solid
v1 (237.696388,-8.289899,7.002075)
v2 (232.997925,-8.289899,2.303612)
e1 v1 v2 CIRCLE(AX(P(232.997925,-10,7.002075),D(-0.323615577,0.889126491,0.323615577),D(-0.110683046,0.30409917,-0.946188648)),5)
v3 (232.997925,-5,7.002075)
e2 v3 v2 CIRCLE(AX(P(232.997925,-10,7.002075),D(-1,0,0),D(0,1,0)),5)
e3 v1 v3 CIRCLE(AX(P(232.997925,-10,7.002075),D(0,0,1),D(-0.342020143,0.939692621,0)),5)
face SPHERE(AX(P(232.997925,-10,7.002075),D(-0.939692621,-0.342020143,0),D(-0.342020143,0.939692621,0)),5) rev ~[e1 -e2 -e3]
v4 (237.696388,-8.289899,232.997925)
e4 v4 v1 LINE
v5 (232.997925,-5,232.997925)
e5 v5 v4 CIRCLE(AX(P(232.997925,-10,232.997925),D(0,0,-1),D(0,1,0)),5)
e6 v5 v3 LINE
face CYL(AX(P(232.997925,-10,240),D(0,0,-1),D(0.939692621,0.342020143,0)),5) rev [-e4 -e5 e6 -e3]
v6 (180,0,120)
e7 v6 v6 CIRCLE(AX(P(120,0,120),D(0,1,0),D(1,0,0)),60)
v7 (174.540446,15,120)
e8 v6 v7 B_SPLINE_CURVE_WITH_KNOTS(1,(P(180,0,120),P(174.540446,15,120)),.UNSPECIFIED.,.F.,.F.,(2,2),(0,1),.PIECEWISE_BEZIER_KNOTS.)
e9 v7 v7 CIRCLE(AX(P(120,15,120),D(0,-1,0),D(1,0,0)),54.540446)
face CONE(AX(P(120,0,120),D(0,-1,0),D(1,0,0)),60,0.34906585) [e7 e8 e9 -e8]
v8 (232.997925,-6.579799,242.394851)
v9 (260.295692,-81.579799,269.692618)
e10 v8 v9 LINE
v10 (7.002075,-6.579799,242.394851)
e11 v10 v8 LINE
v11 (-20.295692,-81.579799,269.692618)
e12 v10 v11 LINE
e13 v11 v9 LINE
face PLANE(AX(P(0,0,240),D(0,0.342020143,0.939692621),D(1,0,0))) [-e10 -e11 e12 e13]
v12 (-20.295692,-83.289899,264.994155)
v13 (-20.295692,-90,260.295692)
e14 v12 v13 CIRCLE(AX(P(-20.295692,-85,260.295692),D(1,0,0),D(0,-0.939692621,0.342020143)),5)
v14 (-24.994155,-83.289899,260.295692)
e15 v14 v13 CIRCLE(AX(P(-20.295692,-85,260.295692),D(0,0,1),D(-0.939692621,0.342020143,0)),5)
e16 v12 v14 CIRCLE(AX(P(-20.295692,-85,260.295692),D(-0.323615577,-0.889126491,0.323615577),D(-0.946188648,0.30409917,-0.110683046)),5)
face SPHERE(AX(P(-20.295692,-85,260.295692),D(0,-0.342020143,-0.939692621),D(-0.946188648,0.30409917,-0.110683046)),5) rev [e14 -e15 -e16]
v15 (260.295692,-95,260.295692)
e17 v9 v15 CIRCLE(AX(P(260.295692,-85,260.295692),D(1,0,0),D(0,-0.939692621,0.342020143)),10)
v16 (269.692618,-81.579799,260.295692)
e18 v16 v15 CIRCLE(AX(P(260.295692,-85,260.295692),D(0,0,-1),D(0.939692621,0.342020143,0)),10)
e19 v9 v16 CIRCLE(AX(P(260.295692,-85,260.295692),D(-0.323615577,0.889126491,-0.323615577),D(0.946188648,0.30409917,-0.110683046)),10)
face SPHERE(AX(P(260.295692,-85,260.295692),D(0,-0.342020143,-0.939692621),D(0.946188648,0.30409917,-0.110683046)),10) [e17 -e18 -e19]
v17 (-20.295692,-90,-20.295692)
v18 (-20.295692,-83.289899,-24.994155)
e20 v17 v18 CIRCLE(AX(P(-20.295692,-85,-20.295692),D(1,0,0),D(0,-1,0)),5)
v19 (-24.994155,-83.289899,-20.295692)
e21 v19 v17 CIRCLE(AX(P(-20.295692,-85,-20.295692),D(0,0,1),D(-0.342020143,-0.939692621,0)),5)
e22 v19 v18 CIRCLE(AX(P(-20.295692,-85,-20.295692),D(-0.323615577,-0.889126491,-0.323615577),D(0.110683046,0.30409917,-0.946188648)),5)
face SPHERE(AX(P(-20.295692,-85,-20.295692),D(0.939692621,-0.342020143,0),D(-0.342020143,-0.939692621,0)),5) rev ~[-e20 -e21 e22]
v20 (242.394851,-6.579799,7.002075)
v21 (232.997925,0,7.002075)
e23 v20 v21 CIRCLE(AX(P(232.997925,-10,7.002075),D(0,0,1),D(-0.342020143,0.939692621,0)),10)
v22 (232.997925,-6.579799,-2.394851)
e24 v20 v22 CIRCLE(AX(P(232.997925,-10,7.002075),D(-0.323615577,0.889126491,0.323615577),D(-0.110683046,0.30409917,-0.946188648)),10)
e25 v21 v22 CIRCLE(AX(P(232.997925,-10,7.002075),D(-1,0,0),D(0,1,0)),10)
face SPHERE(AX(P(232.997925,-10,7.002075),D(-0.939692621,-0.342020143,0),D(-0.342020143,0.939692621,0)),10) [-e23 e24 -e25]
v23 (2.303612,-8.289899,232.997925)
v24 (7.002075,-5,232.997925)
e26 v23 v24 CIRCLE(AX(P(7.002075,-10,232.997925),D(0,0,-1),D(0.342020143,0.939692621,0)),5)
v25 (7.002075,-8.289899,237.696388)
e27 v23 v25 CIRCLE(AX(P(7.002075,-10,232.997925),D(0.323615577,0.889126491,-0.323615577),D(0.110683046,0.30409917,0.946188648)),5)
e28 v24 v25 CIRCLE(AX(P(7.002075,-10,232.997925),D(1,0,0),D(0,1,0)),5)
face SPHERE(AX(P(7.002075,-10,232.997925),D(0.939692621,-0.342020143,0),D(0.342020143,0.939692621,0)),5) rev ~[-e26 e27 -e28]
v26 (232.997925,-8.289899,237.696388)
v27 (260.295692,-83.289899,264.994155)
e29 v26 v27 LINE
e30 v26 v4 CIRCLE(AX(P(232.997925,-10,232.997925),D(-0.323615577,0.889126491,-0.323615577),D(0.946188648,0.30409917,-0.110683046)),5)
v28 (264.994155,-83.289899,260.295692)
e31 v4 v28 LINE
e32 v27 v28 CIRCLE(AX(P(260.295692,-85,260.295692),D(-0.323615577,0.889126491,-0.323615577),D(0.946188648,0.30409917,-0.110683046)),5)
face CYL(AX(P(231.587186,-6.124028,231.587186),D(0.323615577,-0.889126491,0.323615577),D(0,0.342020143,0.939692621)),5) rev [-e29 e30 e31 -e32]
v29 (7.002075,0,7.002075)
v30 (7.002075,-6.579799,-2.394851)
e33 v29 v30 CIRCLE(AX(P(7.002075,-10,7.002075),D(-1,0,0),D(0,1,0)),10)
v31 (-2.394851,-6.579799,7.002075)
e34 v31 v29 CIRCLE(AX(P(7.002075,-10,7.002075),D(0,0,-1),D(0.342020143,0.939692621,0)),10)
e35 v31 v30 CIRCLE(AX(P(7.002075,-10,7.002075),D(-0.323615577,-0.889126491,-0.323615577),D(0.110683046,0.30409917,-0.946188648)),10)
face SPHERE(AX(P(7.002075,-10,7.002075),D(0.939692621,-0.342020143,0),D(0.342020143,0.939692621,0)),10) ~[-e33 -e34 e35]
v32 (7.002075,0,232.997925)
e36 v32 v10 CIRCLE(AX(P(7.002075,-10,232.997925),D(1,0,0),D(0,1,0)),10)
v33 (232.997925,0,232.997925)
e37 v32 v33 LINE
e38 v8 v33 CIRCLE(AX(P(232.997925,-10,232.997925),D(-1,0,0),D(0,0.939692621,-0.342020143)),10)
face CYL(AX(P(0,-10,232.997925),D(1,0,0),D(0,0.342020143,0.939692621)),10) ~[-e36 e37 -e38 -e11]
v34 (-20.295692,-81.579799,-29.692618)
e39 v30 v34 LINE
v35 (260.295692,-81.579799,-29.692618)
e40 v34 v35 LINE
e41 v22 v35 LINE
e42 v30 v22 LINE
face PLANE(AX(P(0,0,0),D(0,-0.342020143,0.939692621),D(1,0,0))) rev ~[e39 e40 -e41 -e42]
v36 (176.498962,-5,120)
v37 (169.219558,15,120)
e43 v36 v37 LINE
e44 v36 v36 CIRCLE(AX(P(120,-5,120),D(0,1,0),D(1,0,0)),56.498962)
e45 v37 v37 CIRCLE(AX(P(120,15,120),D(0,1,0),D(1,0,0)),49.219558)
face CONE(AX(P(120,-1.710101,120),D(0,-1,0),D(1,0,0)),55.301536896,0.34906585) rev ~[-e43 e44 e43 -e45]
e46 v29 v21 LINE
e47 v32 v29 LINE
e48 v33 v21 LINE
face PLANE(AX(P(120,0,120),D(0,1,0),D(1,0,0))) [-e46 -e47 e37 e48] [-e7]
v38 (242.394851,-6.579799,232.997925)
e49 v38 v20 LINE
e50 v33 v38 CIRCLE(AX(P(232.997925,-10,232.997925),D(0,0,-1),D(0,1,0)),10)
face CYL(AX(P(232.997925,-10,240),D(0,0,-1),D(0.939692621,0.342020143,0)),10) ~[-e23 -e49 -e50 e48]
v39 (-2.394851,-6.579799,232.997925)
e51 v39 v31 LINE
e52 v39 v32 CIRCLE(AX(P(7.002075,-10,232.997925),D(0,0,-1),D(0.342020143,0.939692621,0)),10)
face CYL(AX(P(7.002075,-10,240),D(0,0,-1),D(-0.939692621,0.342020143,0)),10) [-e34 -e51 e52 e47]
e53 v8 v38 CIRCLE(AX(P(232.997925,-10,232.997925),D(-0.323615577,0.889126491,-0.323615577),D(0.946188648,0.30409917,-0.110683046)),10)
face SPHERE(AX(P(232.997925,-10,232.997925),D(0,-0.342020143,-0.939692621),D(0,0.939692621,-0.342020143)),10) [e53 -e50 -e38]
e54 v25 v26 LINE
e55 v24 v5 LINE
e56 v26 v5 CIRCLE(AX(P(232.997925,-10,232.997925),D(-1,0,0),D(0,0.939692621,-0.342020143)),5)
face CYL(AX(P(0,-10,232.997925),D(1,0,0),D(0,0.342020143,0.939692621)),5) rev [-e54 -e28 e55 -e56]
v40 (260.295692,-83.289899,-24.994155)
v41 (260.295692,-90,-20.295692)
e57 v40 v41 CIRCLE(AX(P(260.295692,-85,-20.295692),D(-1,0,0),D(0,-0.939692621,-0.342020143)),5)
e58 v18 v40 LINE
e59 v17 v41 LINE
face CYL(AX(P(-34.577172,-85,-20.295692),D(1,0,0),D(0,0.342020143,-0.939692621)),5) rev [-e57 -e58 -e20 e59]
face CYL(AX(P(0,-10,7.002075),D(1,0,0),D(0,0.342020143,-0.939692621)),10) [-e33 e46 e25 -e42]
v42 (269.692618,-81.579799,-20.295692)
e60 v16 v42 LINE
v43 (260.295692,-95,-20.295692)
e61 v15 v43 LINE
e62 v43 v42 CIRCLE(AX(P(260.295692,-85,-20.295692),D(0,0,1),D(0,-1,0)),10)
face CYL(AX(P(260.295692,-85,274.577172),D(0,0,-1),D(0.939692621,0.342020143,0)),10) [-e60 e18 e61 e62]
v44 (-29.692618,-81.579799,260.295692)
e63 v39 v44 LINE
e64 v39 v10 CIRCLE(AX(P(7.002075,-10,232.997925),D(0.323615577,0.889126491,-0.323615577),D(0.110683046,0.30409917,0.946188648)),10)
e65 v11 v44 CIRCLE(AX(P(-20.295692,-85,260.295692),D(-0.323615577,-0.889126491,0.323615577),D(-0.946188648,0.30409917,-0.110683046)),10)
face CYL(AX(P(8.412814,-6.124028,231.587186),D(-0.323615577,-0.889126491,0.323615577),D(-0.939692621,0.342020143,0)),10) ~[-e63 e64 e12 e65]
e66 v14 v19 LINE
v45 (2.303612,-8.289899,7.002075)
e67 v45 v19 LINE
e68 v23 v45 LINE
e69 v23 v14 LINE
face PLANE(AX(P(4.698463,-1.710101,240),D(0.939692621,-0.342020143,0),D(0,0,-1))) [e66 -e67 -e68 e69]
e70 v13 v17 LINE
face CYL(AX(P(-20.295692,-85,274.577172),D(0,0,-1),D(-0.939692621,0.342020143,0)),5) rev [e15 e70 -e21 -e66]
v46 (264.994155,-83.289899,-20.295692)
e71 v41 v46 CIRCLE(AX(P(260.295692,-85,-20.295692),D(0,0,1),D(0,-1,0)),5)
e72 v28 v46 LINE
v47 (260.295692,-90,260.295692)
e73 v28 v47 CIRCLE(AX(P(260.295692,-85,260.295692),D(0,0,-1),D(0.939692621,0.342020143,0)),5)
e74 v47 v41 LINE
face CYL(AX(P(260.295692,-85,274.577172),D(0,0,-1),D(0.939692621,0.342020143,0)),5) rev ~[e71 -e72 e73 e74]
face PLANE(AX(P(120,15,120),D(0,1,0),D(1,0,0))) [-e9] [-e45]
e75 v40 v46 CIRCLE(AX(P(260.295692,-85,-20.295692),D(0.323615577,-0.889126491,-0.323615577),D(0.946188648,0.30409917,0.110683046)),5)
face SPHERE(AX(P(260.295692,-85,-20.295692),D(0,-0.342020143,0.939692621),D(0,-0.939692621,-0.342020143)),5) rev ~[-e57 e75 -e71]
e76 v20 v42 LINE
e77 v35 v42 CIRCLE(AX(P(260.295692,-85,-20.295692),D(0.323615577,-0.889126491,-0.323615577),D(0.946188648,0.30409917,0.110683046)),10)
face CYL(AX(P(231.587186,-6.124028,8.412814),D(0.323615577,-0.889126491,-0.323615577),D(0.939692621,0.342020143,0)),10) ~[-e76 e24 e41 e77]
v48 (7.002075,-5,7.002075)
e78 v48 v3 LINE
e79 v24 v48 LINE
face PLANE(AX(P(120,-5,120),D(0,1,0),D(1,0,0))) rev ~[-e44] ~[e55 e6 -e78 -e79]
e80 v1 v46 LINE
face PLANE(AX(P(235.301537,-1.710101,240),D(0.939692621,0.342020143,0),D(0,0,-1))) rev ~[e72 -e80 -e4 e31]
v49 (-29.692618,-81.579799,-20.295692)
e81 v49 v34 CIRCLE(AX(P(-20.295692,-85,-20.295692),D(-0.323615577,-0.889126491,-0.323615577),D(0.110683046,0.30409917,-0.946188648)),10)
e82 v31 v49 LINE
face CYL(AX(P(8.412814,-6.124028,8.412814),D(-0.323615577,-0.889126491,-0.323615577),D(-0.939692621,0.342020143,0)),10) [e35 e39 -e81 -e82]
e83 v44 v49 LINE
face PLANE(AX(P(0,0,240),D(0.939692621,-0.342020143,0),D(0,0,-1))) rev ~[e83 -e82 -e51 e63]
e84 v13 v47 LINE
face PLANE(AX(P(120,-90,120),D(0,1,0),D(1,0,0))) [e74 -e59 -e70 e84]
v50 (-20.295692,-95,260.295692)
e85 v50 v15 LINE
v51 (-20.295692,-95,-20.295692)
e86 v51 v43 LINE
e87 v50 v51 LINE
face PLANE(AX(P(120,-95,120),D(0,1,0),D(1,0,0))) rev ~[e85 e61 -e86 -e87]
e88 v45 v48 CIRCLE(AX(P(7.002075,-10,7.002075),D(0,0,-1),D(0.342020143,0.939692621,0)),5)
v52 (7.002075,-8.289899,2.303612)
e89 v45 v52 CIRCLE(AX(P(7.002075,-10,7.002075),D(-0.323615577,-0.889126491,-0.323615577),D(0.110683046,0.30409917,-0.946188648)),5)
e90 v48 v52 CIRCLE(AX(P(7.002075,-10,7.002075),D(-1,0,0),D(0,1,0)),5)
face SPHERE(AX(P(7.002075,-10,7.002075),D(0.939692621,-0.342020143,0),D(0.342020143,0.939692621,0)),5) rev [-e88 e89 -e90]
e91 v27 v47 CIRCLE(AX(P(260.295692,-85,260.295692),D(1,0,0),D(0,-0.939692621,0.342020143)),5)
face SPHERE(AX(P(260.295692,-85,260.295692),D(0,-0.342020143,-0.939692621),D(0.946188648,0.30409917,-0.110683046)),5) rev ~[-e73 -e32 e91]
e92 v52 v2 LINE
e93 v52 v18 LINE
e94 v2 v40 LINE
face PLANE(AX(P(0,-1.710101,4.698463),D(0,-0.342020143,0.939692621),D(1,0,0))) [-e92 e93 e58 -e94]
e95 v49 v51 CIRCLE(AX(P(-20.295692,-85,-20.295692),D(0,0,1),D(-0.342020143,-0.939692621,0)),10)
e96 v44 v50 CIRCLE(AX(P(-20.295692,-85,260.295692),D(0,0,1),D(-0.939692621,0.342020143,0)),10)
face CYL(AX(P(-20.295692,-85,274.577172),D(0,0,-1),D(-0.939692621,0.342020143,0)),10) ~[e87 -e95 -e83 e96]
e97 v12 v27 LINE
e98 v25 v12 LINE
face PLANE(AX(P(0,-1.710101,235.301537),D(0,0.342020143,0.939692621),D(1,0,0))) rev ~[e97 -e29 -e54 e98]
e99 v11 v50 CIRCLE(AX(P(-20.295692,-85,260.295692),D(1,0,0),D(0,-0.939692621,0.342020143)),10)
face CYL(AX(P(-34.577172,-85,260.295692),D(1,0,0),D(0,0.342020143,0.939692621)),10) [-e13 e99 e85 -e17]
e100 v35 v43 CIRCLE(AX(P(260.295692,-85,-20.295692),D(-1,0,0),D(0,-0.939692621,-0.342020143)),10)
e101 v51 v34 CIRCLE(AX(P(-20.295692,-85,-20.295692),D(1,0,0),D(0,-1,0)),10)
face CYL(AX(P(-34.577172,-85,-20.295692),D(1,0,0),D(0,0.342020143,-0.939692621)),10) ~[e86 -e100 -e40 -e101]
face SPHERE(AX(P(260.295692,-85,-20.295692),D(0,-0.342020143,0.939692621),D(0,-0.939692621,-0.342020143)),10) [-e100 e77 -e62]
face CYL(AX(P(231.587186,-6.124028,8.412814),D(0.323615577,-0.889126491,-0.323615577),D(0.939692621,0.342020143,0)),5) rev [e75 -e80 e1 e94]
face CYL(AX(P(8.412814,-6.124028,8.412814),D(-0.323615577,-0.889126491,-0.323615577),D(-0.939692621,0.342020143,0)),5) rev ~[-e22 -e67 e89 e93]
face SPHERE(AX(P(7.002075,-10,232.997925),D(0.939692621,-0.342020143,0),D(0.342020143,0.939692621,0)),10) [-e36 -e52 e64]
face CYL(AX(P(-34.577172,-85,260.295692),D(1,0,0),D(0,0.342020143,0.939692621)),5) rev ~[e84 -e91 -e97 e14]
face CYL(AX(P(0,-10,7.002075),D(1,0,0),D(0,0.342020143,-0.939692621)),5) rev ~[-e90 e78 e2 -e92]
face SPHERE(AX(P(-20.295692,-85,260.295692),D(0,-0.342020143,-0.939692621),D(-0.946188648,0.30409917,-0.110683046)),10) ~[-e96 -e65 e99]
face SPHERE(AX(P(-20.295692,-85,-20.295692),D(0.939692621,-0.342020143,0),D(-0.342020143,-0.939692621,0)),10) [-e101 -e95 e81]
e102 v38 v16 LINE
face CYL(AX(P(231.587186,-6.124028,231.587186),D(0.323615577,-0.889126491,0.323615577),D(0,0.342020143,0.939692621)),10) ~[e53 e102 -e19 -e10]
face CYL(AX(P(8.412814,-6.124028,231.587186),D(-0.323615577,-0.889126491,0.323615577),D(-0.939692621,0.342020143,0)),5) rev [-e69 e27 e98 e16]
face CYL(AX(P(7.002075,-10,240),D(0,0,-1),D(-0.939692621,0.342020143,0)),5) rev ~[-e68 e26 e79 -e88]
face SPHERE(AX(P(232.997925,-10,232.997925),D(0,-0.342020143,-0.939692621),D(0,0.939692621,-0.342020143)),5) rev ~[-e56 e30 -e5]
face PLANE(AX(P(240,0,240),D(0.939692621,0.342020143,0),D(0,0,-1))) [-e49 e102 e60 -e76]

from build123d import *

# Parameters (mm, degrees)
SKETCH1_W           = 480
SKETCH1_H           = 480
BOSS_EXTRUDE1_DEPTH = 190
BOSS_EXTRUDE1_DRAFT = 20
FILLET1_R           = 20
SKETCH2_R           = 120
BOSS_EXTRUDE2_DEPTH = 30
BOSS_EXTRUDE2_TAPER = 20
SHELL1_T            = -10
SCALE1_SCALE        = 0.5


with BuildPart() as part:
    # Sketch1 → Boss-Extrude1 (with draft: the straight prism first)
    with BuildSketch(Plane(origin=(0, 0, 0), x_dir=(1, 0, 0), z_dir=(0, 1, 0))):
        with Locations((240, -240)):
            Rectangle(SKETCH1_W, SKETCH1_H)
    extrude(amount=-BOSS_EXTRUDE1_DEPTH)
    # Boss-Extrude1: the draft: its side faces are tilted about the plane it starts from
    boss_extrude1_sides = [part.faces().sort_by_distance(p)[0] for p in [
        (0, -95, 240),
        (240, -95, 480),
        (480, -95, 240),
        (240, -95, 0),
    ]]
    draft(boss_extrude1_sides, Plane(origin=(0, 0, 0), x_dir=(1, 0, 0), z_dir=(0, 1, 0)), BOSS_EXTRUDE1_DRAFT)

    # Fillet1
    fillet1_edges = [part.edges().sort_by_distance(p)[0] for p in [
        (549.154344511, -190, 240),
        (240, -190, -69.154344511),
        (-69.154344511, -190, 240),
        (240, 0, 0),
        (480, 0, 240),
        (240, 0, 480),
        (0, 0, 240),
        (-34.577172255, -95, -34.577172255),
        (514.577172255, -95, -34.577172255),
        (514.577172255, -95, 514.577172255),
        (-34.577172255, -95, 514.577172255),
        (240, -190, 549.154344511),
    ]]
    fillet(fillet1_edges, radius=FILLET1_R)

    # Sketch2 → Boss-Extrude2 (add)
    with BuildSketch(Plane(origin=(0, 0, 0), x_dir=(1, 0, 0), z_dir=(0, 1, 0))):
        with Locations((240, -240)):
            Circle(SKETCH2_R)
    extrude(amount=BOSS_EXTRUDE2_DEPTH, taper=BOSS_EXTRUDE2_TAPER)

    # Shell1
    shell1_openings = [part.faces().sort_by_distance(p)[0] for p in [
        (240, 30, 240),
    ]]
    offset(amount=SHELL1_T, openings=shell1_openings, kind=Kind.INTERSECTION)


with BuildPart() as part_1:
    # Scale1: scaled about (0, 0, 0)
    add(part.part.scale(SCALE1_SCALE))


solid = part_1.part
